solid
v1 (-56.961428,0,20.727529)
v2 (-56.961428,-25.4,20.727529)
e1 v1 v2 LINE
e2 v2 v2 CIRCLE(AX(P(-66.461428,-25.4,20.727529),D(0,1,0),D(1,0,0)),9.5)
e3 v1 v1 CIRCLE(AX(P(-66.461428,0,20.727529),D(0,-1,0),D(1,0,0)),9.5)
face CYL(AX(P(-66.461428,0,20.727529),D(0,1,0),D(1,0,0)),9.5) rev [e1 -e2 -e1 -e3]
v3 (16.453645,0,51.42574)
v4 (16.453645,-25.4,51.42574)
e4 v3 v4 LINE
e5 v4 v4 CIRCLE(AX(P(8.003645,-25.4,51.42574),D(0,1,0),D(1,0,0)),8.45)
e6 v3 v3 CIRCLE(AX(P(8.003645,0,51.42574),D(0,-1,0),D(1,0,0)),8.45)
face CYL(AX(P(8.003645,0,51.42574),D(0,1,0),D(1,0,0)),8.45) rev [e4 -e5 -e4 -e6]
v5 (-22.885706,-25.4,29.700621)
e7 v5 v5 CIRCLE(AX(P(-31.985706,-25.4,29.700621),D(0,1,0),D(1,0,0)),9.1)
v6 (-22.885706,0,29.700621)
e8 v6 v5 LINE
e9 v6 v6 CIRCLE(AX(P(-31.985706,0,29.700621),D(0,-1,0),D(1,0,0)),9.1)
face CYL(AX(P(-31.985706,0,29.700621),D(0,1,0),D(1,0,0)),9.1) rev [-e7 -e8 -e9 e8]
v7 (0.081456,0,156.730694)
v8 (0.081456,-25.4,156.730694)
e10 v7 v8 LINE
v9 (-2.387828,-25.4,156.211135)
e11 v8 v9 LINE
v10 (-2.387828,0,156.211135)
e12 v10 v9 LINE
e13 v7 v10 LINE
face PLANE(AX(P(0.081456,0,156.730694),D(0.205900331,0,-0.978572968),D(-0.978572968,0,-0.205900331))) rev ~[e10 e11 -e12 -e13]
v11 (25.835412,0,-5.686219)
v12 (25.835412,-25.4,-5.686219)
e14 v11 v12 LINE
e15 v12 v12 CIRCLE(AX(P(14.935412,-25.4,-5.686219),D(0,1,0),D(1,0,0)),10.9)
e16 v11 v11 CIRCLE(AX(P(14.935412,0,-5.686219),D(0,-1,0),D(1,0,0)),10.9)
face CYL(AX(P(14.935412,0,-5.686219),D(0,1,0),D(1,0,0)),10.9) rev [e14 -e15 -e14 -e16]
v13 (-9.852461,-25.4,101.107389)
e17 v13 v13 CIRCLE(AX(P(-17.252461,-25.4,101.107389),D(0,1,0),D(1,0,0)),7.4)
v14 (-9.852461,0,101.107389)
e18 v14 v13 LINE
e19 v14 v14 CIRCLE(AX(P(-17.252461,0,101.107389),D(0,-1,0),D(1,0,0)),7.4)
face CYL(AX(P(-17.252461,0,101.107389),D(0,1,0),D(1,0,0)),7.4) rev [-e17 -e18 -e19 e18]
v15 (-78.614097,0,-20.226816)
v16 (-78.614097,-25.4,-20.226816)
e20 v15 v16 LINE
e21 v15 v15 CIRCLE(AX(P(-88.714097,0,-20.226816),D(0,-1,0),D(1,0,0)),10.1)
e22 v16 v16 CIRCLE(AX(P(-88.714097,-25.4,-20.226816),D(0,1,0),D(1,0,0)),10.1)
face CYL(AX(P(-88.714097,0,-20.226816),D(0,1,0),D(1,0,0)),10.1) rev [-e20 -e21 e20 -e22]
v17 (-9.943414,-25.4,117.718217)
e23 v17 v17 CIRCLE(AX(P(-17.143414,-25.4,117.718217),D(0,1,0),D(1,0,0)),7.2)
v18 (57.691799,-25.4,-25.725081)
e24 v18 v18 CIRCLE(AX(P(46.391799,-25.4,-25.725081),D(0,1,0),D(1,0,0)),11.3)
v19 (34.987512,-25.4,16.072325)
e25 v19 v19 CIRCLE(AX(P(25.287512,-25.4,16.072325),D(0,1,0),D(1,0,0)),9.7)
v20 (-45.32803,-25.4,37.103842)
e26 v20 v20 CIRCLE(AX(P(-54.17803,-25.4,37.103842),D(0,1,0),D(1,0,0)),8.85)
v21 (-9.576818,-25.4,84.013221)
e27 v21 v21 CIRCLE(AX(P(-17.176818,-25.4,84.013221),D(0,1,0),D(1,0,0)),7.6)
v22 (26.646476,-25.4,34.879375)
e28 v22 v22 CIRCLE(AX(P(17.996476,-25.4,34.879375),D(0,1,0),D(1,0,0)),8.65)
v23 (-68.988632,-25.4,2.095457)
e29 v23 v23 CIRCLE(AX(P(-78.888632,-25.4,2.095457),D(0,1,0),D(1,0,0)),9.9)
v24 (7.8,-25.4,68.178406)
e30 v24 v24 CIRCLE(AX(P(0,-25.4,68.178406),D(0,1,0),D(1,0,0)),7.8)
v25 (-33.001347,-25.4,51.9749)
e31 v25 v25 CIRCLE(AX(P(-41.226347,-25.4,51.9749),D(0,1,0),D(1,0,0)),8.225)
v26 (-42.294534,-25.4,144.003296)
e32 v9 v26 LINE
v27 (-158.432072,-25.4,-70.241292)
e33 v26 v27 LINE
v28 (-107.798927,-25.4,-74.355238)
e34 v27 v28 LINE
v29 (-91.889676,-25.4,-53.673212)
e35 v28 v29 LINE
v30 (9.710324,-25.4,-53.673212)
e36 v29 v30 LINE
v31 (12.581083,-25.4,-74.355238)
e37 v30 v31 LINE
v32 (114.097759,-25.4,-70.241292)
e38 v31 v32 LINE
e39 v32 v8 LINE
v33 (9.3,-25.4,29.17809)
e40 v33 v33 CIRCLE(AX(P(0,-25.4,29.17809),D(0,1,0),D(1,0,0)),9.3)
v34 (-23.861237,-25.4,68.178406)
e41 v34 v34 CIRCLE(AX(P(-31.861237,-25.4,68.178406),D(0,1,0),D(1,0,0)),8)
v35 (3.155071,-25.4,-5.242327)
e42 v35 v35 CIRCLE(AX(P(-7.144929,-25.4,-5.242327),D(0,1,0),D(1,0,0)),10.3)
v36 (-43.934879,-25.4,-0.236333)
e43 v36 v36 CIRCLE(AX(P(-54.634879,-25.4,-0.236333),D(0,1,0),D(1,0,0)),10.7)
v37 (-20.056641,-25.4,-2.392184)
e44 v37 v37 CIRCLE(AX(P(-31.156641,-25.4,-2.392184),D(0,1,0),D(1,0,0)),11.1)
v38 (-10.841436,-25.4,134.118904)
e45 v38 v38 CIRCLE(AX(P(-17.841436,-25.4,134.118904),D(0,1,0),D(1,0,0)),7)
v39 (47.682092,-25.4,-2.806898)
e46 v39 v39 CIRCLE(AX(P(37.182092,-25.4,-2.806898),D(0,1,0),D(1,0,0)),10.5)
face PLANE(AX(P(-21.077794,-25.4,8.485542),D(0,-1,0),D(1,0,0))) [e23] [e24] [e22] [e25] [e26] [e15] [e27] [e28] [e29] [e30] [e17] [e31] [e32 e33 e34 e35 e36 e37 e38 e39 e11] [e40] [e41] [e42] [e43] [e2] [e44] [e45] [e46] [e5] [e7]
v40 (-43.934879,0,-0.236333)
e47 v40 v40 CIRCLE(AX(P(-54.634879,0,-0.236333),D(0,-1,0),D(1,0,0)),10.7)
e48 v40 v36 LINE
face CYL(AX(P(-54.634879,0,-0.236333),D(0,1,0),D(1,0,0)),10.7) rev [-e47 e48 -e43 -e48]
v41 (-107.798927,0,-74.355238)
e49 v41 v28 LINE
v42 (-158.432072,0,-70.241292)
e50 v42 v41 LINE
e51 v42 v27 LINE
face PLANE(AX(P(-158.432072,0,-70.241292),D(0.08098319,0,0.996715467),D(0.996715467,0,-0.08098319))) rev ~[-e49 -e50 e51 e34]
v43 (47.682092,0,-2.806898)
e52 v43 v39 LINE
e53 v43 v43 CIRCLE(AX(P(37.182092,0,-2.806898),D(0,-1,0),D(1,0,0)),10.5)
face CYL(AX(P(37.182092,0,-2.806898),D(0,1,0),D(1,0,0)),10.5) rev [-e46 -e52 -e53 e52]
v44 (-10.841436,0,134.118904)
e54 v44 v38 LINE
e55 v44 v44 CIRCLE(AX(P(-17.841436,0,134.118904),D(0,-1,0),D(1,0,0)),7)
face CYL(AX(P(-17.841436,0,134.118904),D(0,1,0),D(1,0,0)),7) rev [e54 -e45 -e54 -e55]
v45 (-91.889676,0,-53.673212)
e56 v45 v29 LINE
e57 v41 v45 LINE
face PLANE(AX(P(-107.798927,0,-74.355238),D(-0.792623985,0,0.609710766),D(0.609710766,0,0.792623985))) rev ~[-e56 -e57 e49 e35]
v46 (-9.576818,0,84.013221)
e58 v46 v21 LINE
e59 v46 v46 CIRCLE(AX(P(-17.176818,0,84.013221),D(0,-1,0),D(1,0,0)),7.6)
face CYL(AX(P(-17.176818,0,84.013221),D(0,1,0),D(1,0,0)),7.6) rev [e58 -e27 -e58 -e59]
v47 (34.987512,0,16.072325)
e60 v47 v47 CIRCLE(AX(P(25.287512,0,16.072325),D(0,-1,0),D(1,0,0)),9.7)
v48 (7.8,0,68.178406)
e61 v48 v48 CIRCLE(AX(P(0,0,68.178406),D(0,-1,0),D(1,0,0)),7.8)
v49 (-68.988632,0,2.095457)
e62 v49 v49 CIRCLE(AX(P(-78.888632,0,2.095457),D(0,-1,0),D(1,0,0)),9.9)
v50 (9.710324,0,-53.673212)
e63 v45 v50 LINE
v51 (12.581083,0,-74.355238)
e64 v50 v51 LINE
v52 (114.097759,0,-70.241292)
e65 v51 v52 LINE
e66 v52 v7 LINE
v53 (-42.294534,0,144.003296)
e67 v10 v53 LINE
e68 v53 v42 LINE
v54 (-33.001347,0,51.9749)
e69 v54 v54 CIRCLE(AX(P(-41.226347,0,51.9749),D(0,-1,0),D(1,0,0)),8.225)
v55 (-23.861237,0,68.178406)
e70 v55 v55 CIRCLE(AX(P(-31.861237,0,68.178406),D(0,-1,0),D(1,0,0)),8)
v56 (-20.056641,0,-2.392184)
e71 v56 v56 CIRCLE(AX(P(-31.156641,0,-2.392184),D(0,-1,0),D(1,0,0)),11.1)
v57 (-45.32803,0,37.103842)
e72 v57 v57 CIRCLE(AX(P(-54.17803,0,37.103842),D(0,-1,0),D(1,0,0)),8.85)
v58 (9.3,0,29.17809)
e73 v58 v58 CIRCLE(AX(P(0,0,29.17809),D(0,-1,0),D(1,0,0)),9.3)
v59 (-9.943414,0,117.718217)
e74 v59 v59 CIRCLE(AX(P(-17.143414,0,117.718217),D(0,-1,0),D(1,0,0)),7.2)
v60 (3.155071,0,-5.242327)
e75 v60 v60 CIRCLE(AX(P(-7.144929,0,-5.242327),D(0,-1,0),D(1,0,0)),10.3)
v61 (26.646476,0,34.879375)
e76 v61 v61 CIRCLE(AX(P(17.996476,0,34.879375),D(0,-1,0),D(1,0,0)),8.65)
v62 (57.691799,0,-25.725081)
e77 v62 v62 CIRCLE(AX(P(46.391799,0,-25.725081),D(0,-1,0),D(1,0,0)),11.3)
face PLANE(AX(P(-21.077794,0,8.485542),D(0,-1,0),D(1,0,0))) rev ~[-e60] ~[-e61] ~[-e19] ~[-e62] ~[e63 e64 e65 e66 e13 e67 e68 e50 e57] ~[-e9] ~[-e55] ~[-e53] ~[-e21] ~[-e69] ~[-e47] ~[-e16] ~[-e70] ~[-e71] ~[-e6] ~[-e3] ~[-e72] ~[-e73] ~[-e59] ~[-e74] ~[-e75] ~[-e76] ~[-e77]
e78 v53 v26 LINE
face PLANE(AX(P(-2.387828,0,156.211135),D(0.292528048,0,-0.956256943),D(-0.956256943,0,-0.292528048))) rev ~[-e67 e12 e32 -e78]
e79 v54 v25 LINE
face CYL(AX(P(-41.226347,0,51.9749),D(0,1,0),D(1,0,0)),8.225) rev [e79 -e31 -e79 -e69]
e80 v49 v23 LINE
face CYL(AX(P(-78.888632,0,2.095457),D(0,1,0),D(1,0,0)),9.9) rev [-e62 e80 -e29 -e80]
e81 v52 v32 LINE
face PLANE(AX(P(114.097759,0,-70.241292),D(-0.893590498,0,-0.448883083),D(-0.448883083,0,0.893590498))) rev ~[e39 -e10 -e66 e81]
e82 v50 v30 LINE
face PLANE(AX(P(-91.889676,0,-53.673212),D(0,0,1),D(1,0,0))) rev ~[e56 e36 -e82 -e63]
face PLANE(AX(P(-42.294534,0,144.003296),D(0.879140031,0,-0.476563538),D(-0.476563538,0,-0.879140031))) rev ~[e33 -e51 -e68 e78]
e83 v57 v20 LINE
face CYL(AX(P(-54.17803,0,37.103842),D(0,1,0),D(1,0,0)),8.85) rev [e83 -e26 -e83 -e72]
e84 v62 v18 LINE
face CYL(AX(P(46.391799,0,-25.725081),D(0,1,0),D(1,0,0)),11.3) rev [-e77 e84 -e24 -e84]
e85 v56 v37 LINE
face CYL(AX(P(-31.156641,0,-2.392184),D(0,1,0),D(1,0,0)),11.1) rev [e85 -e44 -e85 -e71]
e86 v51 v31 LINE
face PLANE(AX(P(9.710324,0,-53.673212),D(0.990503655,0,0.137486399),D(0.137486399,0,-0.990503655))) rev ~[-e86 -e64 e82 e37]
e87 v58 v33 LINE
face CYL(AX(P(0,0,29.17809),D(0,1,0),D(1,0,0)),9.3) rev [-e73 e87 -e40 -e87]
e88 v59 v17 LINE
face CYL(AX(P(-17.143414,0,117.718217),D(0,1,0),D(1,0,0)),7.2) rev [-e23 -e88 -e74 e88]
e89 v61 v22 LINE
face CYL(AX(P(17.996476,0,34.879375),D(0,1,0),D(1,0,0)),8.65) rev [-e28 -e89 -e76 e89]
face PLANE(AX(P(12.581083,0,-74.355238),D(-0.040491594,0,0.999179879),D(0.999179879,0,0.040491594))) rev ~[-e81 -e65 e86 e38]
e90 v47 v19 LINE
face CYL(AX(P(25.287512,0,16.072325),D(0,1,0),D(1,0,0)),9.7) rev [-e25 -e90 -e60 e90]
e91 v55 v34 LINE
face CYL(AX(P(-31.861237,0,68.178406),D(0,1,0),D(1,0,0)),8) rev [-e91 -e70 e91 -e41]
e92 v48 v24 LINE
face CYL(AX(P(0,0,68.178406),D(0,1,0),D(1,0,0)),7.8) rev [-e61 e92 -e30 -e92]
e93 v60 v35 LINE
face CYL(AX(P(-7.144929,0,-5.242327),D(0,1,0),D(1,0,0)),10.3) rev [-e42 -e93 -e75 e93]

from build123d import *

# Parameters (mm, degrees)
F2_DEPTH = 25.4
F0_R     = 7
F0_R_2   = 7.2
F0_R_3   = 7.4
F0_R_4   = 7.6
F0_R_5   = 8
F0_R_6   = 7.8
F0_R_7   = 8.225
F0_R_8   = 8.45
F0_R_9   = 8.85
F0_R_10  = 8.65
F0_R_11  = 9.1
F0_R_12  = 9.3
F0_R_13  = 9.5
F0_R_14  = 9.7
F0_R_15  = 9.9
F0_R_16  = 10.5
F0_R_17  = 10.1
F0_R_18  = 10.3
F0_R_19  = 10.7
F0_R_20  = 11.1
F0_R_21  = 10.9
F0_R_22  = 11.3
F3_DEPTH = 25.401


with BuildPart() as f2:
    # F1 (on Front) → F2 (new body)
    with BuildSketch(Plane.XZ):
        Polygon((-2.387828, 156.211135), (-42.294534, 144.003296), (-158.432072, -70.241292), (-107.798927, -74.355238), (-91.889676, -53.673212), (9.710324, -53.673212), (12.581083, -74.355238), (114.097759, -70.241292), (0.081456, 156.730694), align=None)
    extrude(amount=F2_DEPTH)

    # F0 (on Front) → F3 (cut, through all)
    with BuildSketch(Plane.XZ):
        with Locations((-17.841436, 134.118904)):
            Circle(F0_R)
        with Locations((-17.143414, 117.718217)):
            Circle(F0_R_2)
        with Locations((-17.252461, 101.107389)):
            Circle(F0_R_3)
        with Locations((-17.176818, 84.013221)):
            Circle(F0_R_4)
        with Locations((-31.861237, 68.178406)):
            Circle(F0_R_5)
        with Locations((0, 68.178406)):
            Circle(F0_R_6)
        with Locations((-41.226347, 51.9749)):
            Circle(F0_R_7)
        with Locations((8.003645, 51.42574)):
            Circle(F0_R_8)
        with Locations((-54.17803, 37.103842)):
            Circle(F0_R_9)
        with Locations((17.996476, 34.879375)):
            Circle(F0_R_10)
        with Locations((-31.985706, 29.700621)):
            Circle(F0_R_11)
        with Locations((0, 29.17809)):
            Circle(F0_R_12)
        with Locations((-66.461428, 20.727529)):
            Circle(F0_R_13)
        with Locations((25.287512, 16.072325)):
            Circle(F0_R_14)
        with Locations((-78.888632, 2.095457)):
            Circle(F0_R_15)
        with Locations((37.182092, -2.806898)):
            Circle(F0_R_16)
        with Locations((-88.714097, -20.226816)):
            Circle(F0_R_17)
        with Locations((-7.144929, -5.242327)):
            Circle(F0_R_18)
        with Locations((-54.634879, -0.236333)):
            Circle(F0_R_19)
        with Locations((-31.156641, -2.392184)):
            Circle(F0_R_20)
        with Locations((14.935412, -5.686219)):
            Circle(F0_R_21)
        with Locations((46.391799, -25.725081)):
            Circle(F0_R_22)
    extrude(amount=F3_DEPTH, mode=Mode.SUBTRACT)


solid = f2.part
